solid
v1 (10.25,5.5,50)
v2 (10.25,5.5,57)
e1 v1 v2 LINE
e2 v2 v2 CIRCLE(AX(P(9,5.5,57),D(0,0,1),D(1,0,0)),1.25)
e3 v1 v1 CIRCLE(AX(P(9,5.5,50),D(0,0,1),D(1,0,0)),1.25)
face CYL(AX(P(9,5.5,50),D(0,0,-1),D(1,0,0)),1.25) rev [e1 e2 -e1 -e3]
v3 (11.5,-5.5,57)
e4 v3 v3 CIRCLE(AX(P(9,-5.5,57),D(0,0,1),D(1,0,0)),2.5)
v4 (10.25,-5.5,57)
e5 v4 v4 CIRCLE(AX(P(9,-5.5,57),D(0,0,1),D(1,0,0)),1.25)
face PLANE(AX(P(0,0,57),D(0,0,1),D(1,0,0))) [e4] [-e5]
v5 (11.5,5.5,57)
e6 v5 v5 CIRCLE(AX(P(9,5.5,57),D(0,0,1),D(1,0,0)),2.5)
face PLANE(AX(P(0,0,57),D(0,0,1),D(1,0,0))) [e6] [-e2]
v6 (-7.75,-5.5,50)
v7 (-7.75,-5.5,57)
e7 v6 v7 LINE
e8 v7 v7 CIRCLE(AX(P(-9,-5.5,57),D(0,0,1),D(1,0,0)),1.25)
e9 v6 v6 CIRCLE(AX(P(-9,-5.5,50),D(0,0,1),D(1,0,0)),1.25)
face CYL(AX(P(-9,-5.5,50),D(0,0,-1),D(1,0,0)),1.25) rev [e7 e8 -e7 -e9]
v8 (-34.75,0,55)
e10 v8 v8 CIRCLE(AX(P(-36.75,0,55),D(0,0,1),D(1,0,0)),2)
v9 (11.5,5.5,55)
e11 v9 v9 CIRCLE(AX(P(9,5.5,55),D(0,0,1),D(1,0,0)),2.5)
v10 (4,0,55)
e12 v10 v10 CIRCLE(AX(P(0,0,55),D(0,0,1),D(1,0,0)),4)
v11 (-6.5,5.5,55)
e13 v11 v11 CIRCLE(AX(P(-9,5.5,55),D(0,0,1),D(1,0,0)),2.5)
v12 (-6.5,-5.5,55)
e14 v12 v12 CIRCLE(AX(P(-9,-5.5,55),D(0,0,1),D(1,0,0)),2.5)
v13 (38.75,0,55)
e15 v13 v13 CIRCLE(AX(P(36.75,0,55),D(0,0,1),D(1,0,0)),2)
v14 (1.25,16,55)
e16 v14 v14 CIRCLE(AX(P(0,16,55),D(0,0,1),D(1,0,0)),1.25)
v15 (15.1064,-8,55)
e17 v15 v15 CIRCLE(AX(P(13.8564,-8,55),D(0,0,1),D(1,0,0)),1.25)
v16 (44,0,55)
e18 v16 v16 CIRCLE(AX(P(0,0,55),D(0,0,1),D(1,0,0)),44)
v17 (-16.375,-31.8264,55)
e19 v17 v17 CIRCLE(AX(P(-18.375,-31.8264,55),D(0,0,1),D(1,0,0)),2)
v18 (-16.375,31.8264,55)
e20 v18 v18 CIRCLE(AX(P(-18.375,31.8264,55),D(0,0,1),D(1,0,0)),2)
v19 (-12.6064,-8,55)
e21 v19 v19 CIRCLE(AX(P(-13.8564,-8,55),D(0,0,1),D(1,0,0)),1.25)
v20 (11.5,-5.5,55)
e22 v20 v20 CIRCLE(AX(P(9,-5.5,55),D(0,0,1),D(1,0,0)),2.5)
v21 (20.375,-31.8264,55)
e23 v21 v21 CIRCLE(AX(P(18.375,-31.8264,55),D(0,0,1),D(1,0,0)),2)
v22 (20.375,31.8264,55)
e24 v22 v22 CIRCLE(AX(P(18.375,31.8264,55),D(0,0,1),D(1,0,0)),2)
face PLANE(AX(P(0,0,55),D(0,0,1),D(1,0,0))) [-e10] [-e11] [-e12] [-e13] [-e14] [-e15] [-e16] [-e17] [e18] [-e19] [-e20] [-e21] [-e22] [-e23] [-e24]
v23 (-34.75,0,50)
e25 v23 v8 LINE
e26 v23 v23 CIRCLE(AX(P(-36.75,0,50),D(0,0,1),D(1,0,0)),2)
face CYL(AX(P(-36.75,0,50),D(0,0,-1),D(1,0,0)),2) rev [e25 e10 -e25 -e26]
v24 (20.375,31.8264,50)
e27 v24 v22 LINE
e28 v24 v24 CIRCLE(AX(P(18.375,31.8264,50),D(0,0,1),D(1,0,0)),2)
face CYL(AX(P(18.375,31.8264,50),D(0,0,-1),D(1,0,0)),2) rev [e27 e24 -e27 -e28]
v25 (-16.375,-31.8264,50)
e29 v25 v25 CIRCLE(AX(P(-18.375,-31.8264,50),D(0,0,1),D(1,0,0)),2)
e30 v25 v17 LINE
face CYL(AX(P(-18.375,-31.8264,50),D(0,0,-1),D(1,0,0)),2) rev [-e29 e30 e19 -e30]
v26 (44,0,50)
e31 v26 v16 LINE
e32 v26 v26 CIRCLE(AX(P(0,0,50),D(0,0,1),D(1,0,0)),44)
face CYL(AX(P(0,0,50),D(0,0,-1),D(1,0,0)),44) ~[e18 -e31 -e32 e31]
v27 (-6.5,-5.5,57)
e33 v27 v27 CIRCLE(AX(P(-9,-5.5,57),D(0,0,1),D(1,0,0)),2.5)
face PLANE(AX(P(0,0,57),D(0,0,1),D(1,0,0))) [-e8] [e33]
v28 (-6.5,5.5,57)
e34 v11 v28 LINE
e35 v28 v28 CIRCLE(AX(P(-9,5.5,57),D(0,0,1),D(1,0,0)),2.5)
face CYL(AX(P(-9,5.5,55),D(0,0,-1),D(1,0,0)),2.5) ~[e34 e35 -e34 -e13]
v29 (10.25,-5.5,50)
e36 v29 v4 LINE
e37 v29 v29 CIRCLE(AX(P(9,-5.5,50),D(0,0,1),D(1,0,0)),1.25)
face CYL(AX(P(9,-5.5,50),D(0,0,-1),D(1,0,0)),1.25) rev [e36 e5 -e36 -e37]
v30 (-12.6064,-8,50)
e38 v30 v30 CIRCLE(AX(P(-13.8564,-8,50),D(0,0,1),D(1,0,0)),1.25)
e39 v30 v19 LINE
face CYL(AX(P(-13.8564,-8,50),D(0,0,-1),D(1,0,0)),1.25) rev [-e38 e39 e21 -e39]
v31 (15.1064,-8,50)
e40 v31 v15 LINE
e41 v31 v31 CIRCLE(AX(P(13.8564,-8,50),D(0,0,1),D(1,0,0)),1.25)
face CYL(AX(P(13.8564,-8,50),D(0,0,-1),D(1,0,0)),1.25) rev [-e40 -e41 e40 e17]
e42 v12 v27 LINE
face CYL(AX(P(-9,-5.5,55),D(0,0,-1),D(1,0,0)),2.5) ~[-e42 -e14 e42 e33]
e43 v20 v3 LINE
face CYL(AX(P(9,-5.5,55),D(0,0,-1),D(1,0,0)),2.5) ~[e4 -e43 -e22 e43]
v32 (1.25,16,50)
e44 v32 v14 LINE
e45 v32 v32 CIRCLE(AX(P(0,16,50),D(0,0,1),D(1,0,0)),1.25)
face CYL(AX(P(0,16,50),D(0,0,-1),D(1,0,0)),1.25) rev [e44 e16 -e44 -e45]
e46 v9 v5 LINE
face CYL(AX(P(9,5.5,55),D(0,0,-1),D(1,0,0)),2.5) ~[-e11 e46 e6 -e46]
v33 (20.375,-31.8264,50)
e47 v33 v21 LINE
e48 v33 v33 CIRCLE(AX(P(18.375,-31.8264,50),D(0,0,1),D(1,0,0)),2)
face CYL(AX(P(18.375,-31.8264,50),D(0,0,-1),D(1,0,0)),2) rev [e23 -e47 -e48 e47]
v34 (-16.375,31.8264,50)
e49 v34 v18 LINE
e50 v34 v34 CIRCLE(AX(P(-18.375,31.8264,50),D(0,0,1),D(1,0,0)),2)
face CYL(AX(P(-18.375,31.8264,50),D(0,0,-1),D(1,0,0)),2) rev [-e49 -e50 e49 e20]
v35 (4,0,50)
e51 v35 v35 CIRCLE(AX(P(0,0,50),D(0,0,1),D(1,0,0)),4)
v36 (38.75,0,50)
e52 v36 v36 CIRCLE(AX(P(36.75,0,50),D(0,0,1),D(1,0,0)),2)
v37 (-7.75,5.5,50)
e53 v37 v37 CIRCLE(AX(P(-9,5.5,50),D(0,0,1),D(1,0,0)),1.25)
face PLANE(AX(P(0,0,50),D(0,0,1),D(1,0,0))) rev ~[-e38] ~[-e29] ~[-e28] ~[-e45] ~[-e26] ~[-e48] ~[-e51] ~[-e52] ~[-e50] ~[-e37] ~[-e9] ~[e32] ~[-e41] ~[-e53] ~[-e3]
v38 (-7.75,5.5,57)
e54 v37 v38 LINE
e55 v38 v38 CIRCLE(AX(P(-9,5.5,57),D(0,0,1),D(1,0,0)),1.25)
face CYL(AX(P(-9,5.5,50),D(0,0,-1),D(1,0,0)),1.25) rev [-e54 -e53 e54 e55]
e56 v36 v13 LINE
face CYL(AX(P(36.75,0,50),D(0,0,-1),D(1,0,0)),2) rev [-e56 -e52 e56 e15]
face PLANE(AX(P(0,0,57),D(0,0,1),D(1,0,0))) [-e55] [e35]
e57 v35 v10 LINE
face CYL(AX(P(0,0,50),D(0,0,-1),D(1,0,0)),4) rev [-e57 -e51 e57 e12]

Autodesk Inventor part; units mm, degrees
sketch "Sketch1" plane through (0, 0, 0) normal (0, 0, 1) x (1, 0, 0)
  circle A0 centre (0, 0) radius 59.2469 construction
  line L0 (0, 0) -> (59.2469, 0)
  line L1 (0, 0) -> (59.2469, 4.025)
  line L2 (59.2469, 0) -> (59.2469, 4.025)
  circle A1 centre (0, 0) radius 75
  point P0 (56.8, 0)
  dimension "d56" = 59.2469
  dimension "d57" = 4.025
  dimension "d400" = 75
  dimension "d495" = 2.5
  dimension "d496" = 8
  dimension "d531" = 5.5
  dimension "d532" = 5.5
  dimension "d533" = 5.5
  dimension "d537" = 24.5
  dimension "d538" = 3
  dimension "d543" = 5.5
  dimension "d549" = 3
  dimension "d550" = 3
  dimension "d567" = 5.5
  dimension "d568" = 5.5
sketch "Sketch7" plane through (0, 0, 0) normal (0, 1, 0) x (-1, 0, 0)
  line L0 (0, 0) -> (0, 61.9844)
  line L1 (0, 0) -> (-59.2469, 0) construction
  line L2 (0, 61.9844) -> (-59.2469, 0) construction
  line L3 (0, 61.9844) -> (-64.8494, 0) construction
  line L4 (0, 61.9844) -> (-58.9939, -5.5968) construction
  line L5 (0, 0) -> (0, -61.9844)
  line L6 (0, -61.9844) -> (-59.2469, 0) construction
  line L7 (0, -61.9844) -> (-64.8494, 0) construction
  line L8 (0, -61.9844) -> (-58.9939, 5.5968) construction
  line L9 (-58.9939, 5.5968) -> (-64.8494, 0) construction
  line L10 (-54.1083, 0) -> (-62.8579, -8.363) construction
  line L11 (-54.1083, 0) -> (-38.773, -14.6579) construction
  line L12 (0, -94.3812) -> (0, 132.3969) projected
  line L13 (-75, -5.9919) -> (-75, 6.008)
  line L14 (105, 0) -> (-105, 0) projected
  line L15 (-62.0481, 2.6775) -> (-56.4456, -2.6775) construction
  line L16 (-56.4456, 2.6775) -> (-62.0481, -2.6775) construction
  line L17 (-26.151, -15.9303) -> (-40.3783, -15.9303) construction
  line L18 (-40.3783, -15.9303) -> (-40.3783, -12.7539) construction
  line L19 (-40.3783, -12.7539) -> (-26.151, -12.7539) construction
  line L20 (-26.151, -12.7539) -> (-26.151, -15.9303) construction
  point P0 (-75, 0)
  dimension "Roller_Side_difference" = -0.0002
  dimension "d90" = 61.9844
  dimension "d201" = 75
  dimension "d343" = 92.587
  dimension "d344" = 92.588
  dimension "d367" = 8.1
sketch "Roller1" plane through (0, 0, 0) normal (0, 1, 0) x (-1, 0, 0)
  line L0 (0, 61.9844) -> (-58.9939, -5.5968) construction
  line L1 (0, 61.9844) -> (-64.8494, 0) construction
  line L2 (-54.1083, 0) -> (-38.773, -14.6579) construction
  line L3 (0, -61.9844) -> (-64.8494, 0) construction
  line L4 (-54.0606, 0.0927) -> (-58.9462, -5.5041)
  line L5 (-58.9462, -5.5041) -> (-64.7589, 0.0519)
  line L6 (-64.7589, 0.0519) -> (-59.3884, 5.1851)
  line L7 (-59.3884, 5.1851) -> (-54.0606, 0.0927)
  line L8 (-56.0019, 1.9482) -> (-61.1299, -3.4168)
  line L9 (-61.8526, -2.7261) -> (-56.7246, 2.639)
  point P0 (0, 0)
  dimension "d345" = 0.025
  dimension "d346" = 0.025
  dimension "d347" = 0.1
  dimension "d348" = 0.1
  dimension "d349" = 272.588
  dimension "d350" = 272.587
  dimension "d617" = 0.9997
sketch "Roller2" plane through (0, 0, 0) normal (0, 1, 0) x (-1, 0, 0)
  line L0 (0, -61.9844) -> (-58.9939, 5.5968) construction
  line L1 (-54.1083, 0) -> (-62.8579, -8.363) construction
  line L2 (0, -61.9844) -> (-64.8494, 0) construction
  line L3 (0, 61.9844) -> (-64.8494, 0) construction
  line L4 (-58.9956, 5.5606) -> (-54.1429, 0.0016)
  line L5 (-54.1429, 0.0016) -> (-59.4789, -5.0987)
  line L6 (-59.4789, -5.0987) -> (-64.8132, 0)
  line L7 (-64.8132, 0) -> (-58.9956, 5.5606)
  line L8 (-61.9044, 2.7803) -> (-56.8109, -2.5486)
  line L9 (-61.1815, 3.4713) -> (-56.088, -1.8576)
  point P0 (0, 0)
  dimension "d351" = 0.025
  dimension "d352" = 0.025
  dimension "d354" = 0.025
  dimension "d355" = 92.587
  dimension "d356" = 92.588
  dimension "d370" = 0.025
  dimension "d371" = 1
sketch "Sketch22" plane through (0, 0, 0) normal (0, 1, 0) x (-1, 0, 0)
  line L0 (-31.756, 8.0215) -> (-17.5287, 8.0215) construction
  line L1 (-17.5287, 8.0215) -> (-17.5287, 4.8451) construction
  line L2 (-17.5287, 4.8451) -> (-31.756, 4.8451) construction
  line L3 (-31.756, 4.8451) -> (-31.756, 8.0215) construction
  point P0 (0, 0)
  dimension "Roller_Side_difference" = -0.0002
sketch "Sketch2" plane through (0, 0, 0) normal (0, 1, 0) x (-1, 0, 0)
  line L0 (0, 0) -> (0, 59.2469) construction
  line L1 (0, 0) -> (-59.2469, 0) projected
  line L2 (0, 0) -> (0, -59.2469)
  line L3 (0, -59.2469) -> (-59.2469, 0) construction
  line L4 (0, 59.2469) -> (-59.2469, 0) construction
  line L5 (-50.4879, 53.555) -> (0, 59.2469) construction
  line L6 (-29.7354, 7.189) -> (0, 59.2469) construction
  line L7 (-29.7354, 7.189) -> (0, -59.2469) construction
  line L8 (-48.8381, -26.254) -> (0, -59.2469) construction
  point P0 (-40.4258, 18.8211)
sketch "Sketch23" plane through (0, 0, 0) normal (0, 1, 0) x (-1, 0, 0)
  line L0 (0, -61.9844) -> (-58.9939, 5.5968) construction
  line L1 (0, -61.9844) -> (-64.8494, 0) construction
  line L2 (0, 61.9844) -> (-58.9939, -5.5968) construction
  line L3 (-58.9939, 5.5968) -> (-64.8494, 0) construction
  line L4 (0, 61.9844) -> (-64.8494, 0) construction
  line L5 (-58.9939, 5.5968) -> (-58.9939, -5.5968) construction
  line L6 (105, 0) -> (-105, 0) projected
  line L7 (-57.6514, 4.0968) -> (-54.1326, 0.0658)
  line L8 (-54.1326, -0.0658) -> (-57.6514, -4.0968)
  line L9 (-60.5995, 4.0968) -> (-64.81, 0.0723)
  line L10 (-64.81, -0.0723) -> (-60.5995, -4.0968)
  arc A0 (-64.81, 0.0723) -> (-64.81, -0.0723) centre (-64.7409, 0) ccw
  arc A1 (-54.1326, -0.0658) -> (-54.1326, 0.0658) centre (-54.2079, 0) ccw
  line L11 (-57.6514, 4.0968) -> (-57.6514, 5.5968)
  line L12 (-57.6514, 5.5968) -> (-25, 5.5968)
  line L13 (-25, 5.5968) -> (-25, -5.5968)
  line L14 (-25, -5.5968) -> (-57.6514, -5.5968)
  line L15 (-57.6514, -5.5968) -> (-57.6514, -4.0968)
  line L16 (-60.5995, 4.0968) -> (-60.5995, 5.5968)
  line L17 (-60.5995, 5.5968) -> (-75, 5.5968)
  line L18 (-75, 5.5968) -> (-75, -5.5968)
  line L19 (-60.5995, -4.0968) -> (-60.5995, -5.5968)
  line L20 (-60.5995, -5.5968) -> (-75, -5.5968)
  line L21 (-58.9939, 5.5968) -> (-58.9939, 5.5968)
  line L22 (-58.9939, -5.5968) -> (-58.9939, -5.5968)
  line L23 (0, -94.3812) -> (0, 132.3969) projected
  line L24 (-64.8856, 0) -> (-75, 0)
  point P0 (0, 0)
  point P1 (-54.0752, 0)
  point P2 (-64.8409, 0)
  point P3 (-75, 0)
  dimension "d378" = 90
  dimension "d379" = 0.1
  dimension "d380" = 0.025
  dimension "d381" = 0.025
  dimension "d382" = 0.025
  dimension "d383" = 0.025
  dimension "d384" = 11.1935
  dimension "d385" = 0
  dimension "d386" = 0
  dimension "d391" = 25
  dimension "d392" = 75
  dimension "d393" = 1.5
  dimension "d394" = 1.5
  dimension "d395" = 1.5
  dimension "d396" = 1.5
revolve "RevRoller1" [suppressed]
fillet "Fillet1" [suppressed]
sketch "Sketch48" plane through (56.7246, 0, 2.639) normal (-0.691, 0, 0.7229) x (0.7229, 0, 0.691)
  line L0 (-2.5, 0.25) -> (2.5, 0.25)
  line L1 (2.5, 0.25) -> (2.5, -0.25)
  line L2 (2.5, -0.25) -> (-2.5, -0.25)
  line L3 (-2.5, -0.25) -> (-2.5, 0.25)
  line L4 (-2.5, 0.25) -> (2.5, -0.25) construction
  line L5 (2.5, 0.25) -> (-2.5, -0.25) construction
  line L6 (-0.25, -2.5) -> (0.25, -2.5)
  line L7 (0.25, -2.5) -> (0.25, 2.5)
  line L8 (0.25, 2.5) -> (-0.25, 2.5)
  line L9 (-0.25, 2.5) -> (-0.25, -2.5)
  line L10 (-0.25, -2.5) -> (0.25, 2.5) construction
  line L11 (0.25, -2.5) -> (-0.25, 2.5) construction
  point P0 (-42.8293, 0)
  point P1 (0, 0)
  point P2 (-0.25, 0.25)
  point P3 (-0.25, -0.25)
  point P4 (0.25, -0.25)
  point P5 (0.25, 0.25)
  dimension "d621" = 5
  dimension "d622" = 0.5
  dimension "d623" = 0.5
  dimension "d624" = 5
extrude "Extrusion39" [suppressed]
sketch "Sketch40" plane through (0, 0, -5.231) normal (0, 0, -1) x (-1, 0, 0)
  circle A0 centre (53.5, 0) radius 2.75 projected
  circle A1 centre (0, 0) radius 53.5 projected
  point P0 (53.4293, 2.7491)
  point P1 (53.4293, -2.7491)
  dimension "d585" = 8
  dimension "d587" = 1.75
  dimension "d589" = 3
  dimension "d592" = 2
  dimension "d593" = 12
  dimension "d594" = 12
  dimension "d611" = 360
pattern_circular "Circular Pattern13" [suppressed]
feature "Move Body7" [suppressed]
revolve "Revolution13" [suppressed]
fillet "Fillet3" [suppressed]
pattern_circular "Circular Pattern14" [suppressed]
feature "Move Body6" [suppressed]
revolve "Revolution14" [suppressed]
revolve "OuterRim_Top2" [suppressed]
revolve "OuterRim_Bottom2" [suppressed]
ref_plane "Work Plane8" through (0, 0, 20) normal (0, 0, 1) x (1, 0, 0)
sketch "Sketch49" plane through (0, 0, 20) normal (0, 0, 1) x (1, 0, 0)
  circle A0 centre (0, 0) radius 75 projected
  circle A1 centre (0, 0) radius 60.5995 projected
  circle A2 centre (0, 0) radius 57.6514 projected
  circle A3 centre (0, 0) radius 25 projected
  circle A4 centre (0, 0) radius 69
  circle A5 centre (0, 0) radius 36.75
  line L0 (0, 0) -> (0, 36.75)
  line L1 (0, 0) -> (24.2028, 41.9205)
  point P0 (0, 69)
  point P1 (-40.5572, 55.8222)
  point P2 (18.375, 31.8264)
  dimension "d629" = 69
  dimension "d630" = 73.5
  dimension "d649" = 36
  dimension "d705" = 30
sketch "Sketch50" plane through (0, 0, 5.5968) normal (0, 0, 1) x (1, 0, 0)
  point P0 (0, 0)
  point P1 (0, 69)
sketch "Sketch51" plane through (0, 0, -5.5968) normal (0, 0, -1) x (-1, 0, 0)
  circle A0 centre (0, 0) radius 75 projected
  circle A1 centre (0, 69) radius 2.75
  circle A2 centre (0, 69) radius 1.5
  circle A3 centre (-40.5572, 55.8222) radius 3.5
  circle A4 centre (-40.5572, 55.8222) radius 2
  dimension "d633" = 36
  dimension "d635" = 5.5
  dimension "d636" = 3
  dimension "d637" = 7
  dimension "d638" = 4
extrude "Extrusion40" [suppressed]
extrude "Extrusion41" [suppressed]
extrude "Extrusion42" [suppressed]
extrude "Extrusion43" [suppressed]
sketch "Sketch52" plane through (0, 0, 5.5968) normal (0, 0, 1) x (1, 0, 0)
  circle A0 centre (0, 69) radius 1.5
  circle A1 centre (-40.5572, 55.8222) radius 2
  line L0 (2.75, 67.4123) -> (0, 65.8246)
  line L1 (0, 65.8246) -> (-2.75, 67.4123)
  line L2 (-2.75, 67.4123) -> (-2.75, 70.5877)
  line L3 (-2.75, 70.5877) -> (0, 72.1754)
  line L4 (0, 72.1754) -> (2.75, 70.5877)
  line L5 (2.75, 70.5877) -> (2.75, 67.4123)
  circle A2 centre (0, 0) radius 75 projected
  line L6 (-39.2656, 58.7231) -> (-37.3992, 56.1541)
  line L7 (-36.5379, 56.2446) -> (-38.1817, 52.5526)
  line L8 (-38.1817, 52.5526) -> (-42.201, 52.1301)
  line L9 (-42.201, 52.1301) -> (-44.5765, 55.3997)
  line L10 (-44.5765, 55.3997) -> (-42.9327, 59.0918)
  line L11 (-42.9327, 59.0918) -> (-38.9134, 59.5142)
  line L12 (-38.9134, 59.5142) -> (-36.5379, 56.2446)
  dimension "d651" = 3
  dimension "d652" = 4
  dimension "d655" = 36
  dimension "d657" = 7
  dimension "d658" = 5.5
extrude "Extrusion44" [suppressed]
extrude "Extrusion45" [suppressed]
extrude "Extrusion46" [suppressed]
extrude "Extrusion47" [suppressed]
pattern_circular "Circular Pattern32" [suppressed]
pattern_circular "Circular Pattern33" [suppressed]
sketch "Sketch57" plane through (0, 0, -5.5968) normal (0, 0, -1) x (-1, 0, 0)
  line L0 (-3.175, 39.925) -> (3.175, 39.925)
  line L1 (3.175, 39.925) -> (3.175, 33.575)
  line L2 (3.175, 33.575) -> (-3.175, 33.575)
  line L3 (-3.175, 33.575) -> (-3.175, 39.925)
  line L4 (-3.175, 39.925) -> (3.175, 33.575) construction
  line L5 (3.175, 39.925) -> (-3.175, 33.575) construction
  ellipse E0 centre (0, 36.75) end of major axis (6.9, 36.75) minor radius 5.9
  circle A0 centre (-18.375, 31.8264) radius 2
  point P0 (0, 0)
  dimension "d694" = 6.35
  dimension "d695" = 6.35
  dimension "d696" = 6.9
  dimension "d697" = 5.9
  dimension "d706" = 4
extrude "Extrusion50" [suppressed]
extrude "Extrusion51" [suppressed]
pattern_circular "Circular Pattern34" [suppressed]
sketch "Sketch58" plane through (0, 0, 5.5968) normal (0, 0, 1) x (1, 0, 0)
  line L0 (14.9015, 29.8516) -> (14.9015, 33.8931)
  line L1 (14.9015, 33.8931) -> (18.4015, 35.9138)
  line L2 (18.4015, 35.9138) -> (21.9015, 33.8931)
  line L3 (21.9015, 33.8931) -> (21.9015, 29.8516)
  line L4 (21.9015, 29.8516) -> (18.4015, 27.8309)
  line L5 (18.4015, 27.8309) -> (14.9015, 29.8516)
  point P0 (0, 0)
  point P1 (18.375, 31.8264)
  point P2 (18.4015, 31.8724)
  dimension "d707" = 7
extrude "Extrusion52" [suppressed]
extrude "Extrusion53" [suppressed]
pattern_circular "Circular Pattern35" [suppressed]
ref_plane "Work Plane9" through (0, 0, 25.5968) normal (0, 0, 1) x (1, 0, 0)
sketch "Sketch59" plane through (0, 0, 25.5968) normal (0, 0, 1) x (1, 0, 0)
  circle A0 centre (-8.8388, 8.8388) radius 1.5
  circle A1 centre (8.8388, 8.8388) radius 1.5
  circle A2 centre (8.8388, -8.8388) radius 1.5
  circle A3 centre (-8.8388, -8.8388) radius 1.5
  circle A4 centre (0, 0) radius 3
  circle A5 centre (0, 0) radius 29.5
  circle A6 centre (-18.375, 31.8264) radius 2 projected
  circle A7 centre (-36.75, 0) radius 2 projected
  circle A8 centre (-18.375, -31.8264) radius 2 projected
  circle A9 centre (18.375, -31.8264) radius 2 projected
  circle A10 centre (36.75, 0) radius 2 projected
  circle A11 centre (18.375, 31.8264) radius 2 projected
  line L0 (0, 0) -> (22, 38.1051) construction
  line L1 (0, 0) -> (51.25, 0) construction
  circle A12 centre (0, 0) radius 44
  circle A13 centre (0, 0) radius 4
  dimension "d717" = 60
  dimension "d720" = 1
extrude "Extrusion54" [suppressed]
ref_plane "Work Plane10" through (0, 0, 50) normal (0, 0, 1) x (1, 0, 0)
sketch "Sketch60" plane through (0, 0, 50) normal (0, 0, 1) x (1, 0, 0)
  circle A0 centre (0, 0) radius 44
  circle A1 centre (18.375, 31.8264) radius 2
  circle A2 centre (-18.375, 31.8264) radius 2
  circle A3 centre (-36.75, 0) radius 2
  circle A4 centre (-18.375, -31.8264) radius 2
  circle A5 centre (0, 0) radius 29.5
  circle A6 centre (18.375, -31.8264) radius 2
  circle A7 centre (36.75, 0) radius 2
  circle A8 centre (8.8388, 8.8388) radius 1.5
  circle A9 centre (-8.8388, 8.8388) radius 1.5
  circle A10 centre (-8.8388, -8.8388) radius 1.5
  circle A11 centre (8.8388, -8.8388) radius 1.5
  circle A12 centre (0, 0) radius 4
  circle A13 centre (-8.8388, 8.8388) radius 1.5
  circle A14 centre (8.8388, 8.8388) radius 1.5
  circle A15 centre (8.8388, -8.8388) radius 1.5
  circle A16 centre (-8.8388, -8.8388) radius 1.5
  circle A17 centre (0, 0) radius 3
  circle A18 centre (0, 0) radius 29.5
  circle A19 centre (0, 16) radius 1.25
  circle A20 centre (13.8564, -8) radius 1.25
  circle A21 centre (-13.8564, -8) radius 1.25
  line L0 (-9, 5.5) -> (9, 5.5) construction
  line L1 (9, 5.5) -> (9, -5.5) construction
  line L2 (9, -5.5) -> (-9, -5.5) construction
  line L3 (-9, -5.5) -> (-9, 5.5) construction
  line L4 (-9, 5.5) -> (9, -5.5) construction
  line L5 (9, 5.5) -> (-9, -5.5) construction
  circle A22 centre (-9, 5.5) radius 1.25
  circle A23 centre (-9, -5.5) radius 1.25
  circle A24 centre (9, 5.5) radius 1.25
  circle A25 centre (9, -5.5) radius 1.25
  dimension "d734" = 18
  dimension "d735" = 11
  dimension "d736" = 2.5
  dimension "d737" = 2.5
  dimension "d738" = 2.5
  dimension "d739" = 2.5
ref_plane "Work Plane11" through (0, 0, 55) normal (0, 0, 1) x (1, 0, 0)
sketch "Sketch61" plane through (0, 0, 55) normal (0, 0, 1) x (1, 0, 0)
  point P0 (0, 0)
ref_plane "Work Plane12" through (0, 0, 55) normal (0, 0, 1) x (1, 0, 0)
sketch "Sketch62" plane through (0, 0, 55) normal (0, 0, 1) x (1, 0, 0)
  point P0 (0, 0)
extrude "Extrusion57" add sketch "Sketch60" along normal blind 5 contours A0 | A5 | A8 | A9 | A10 | A11
sketch "Sketch64" plane through (0, 0, 55) normal (0, 0, 1) x (1, 0, 0)
  circle A0 centre (-9, 5.5) radius 1.25 projected
  circle A1 centre (-9, 5.5) radius 2.5
  circle A2 centre (-9, -5.5) radius 1.25 projected
  circle A3 centre (-9, -5.5) radius 2.5
  circle A4 centre (9, -5.5) radius 1.25 projected
  circle A5 centre (9, -5.5) radius 2.5
  circle A6 centre (9, 5.5) radius 1.25 projected
  circle A7 centre (9, 5.5) radius 2.5
  dimension "d743" = 5
  dimension "d744" = 5
  dimension "d745" = 5
  dimension "d746" = 5
extrude "Extrusion58" add sketch "Sketch64" along normal blind 2
equation "\"Roller_Side_difference\" = -0.000942deg"
equation "\"Cycloid_Top_Plate_Fasner_Inner\" = 61.25"
equation "\"Cycloid_Top_Plate_Fasner_Outer\" = 85.75"
equation "\"Roller_Hole_Radius\" = 1"
equation "\"Distance_To_Bearing\" = 85.74529"
equation "\"d514\" = 0.2"
equation "\"Machine_Screw_4mm_Head_Dept\" = 4"
equation "\"Machine_Screw_4mm_Head_Diameter\" = 7"
equation "\"Machine_Screw_4mm_HexNut_Thickness\" = 3"
equation "\"Machine_Screw_4mm_HexNut_Width\" = 6.9"
equation "\"Machine_Screw_4mm_Length\" = 8"
equation "\"Fastner_4mm_Hex_Nut_Width\" = 7"
equation "\"Fastner_4mm_Screw_Diameter\" = 4"
equation "\"Fastner_4mm_Screw_Head_Diameter\" = 7"
equation "\"Fastner_4mm_Hex_Nut_Hole_Dept\" = 3.19352"
equation "\"Fastner_4mm_Screw_Head_Hole_Dept\" = 4"
properties part number "MotorHousing"
